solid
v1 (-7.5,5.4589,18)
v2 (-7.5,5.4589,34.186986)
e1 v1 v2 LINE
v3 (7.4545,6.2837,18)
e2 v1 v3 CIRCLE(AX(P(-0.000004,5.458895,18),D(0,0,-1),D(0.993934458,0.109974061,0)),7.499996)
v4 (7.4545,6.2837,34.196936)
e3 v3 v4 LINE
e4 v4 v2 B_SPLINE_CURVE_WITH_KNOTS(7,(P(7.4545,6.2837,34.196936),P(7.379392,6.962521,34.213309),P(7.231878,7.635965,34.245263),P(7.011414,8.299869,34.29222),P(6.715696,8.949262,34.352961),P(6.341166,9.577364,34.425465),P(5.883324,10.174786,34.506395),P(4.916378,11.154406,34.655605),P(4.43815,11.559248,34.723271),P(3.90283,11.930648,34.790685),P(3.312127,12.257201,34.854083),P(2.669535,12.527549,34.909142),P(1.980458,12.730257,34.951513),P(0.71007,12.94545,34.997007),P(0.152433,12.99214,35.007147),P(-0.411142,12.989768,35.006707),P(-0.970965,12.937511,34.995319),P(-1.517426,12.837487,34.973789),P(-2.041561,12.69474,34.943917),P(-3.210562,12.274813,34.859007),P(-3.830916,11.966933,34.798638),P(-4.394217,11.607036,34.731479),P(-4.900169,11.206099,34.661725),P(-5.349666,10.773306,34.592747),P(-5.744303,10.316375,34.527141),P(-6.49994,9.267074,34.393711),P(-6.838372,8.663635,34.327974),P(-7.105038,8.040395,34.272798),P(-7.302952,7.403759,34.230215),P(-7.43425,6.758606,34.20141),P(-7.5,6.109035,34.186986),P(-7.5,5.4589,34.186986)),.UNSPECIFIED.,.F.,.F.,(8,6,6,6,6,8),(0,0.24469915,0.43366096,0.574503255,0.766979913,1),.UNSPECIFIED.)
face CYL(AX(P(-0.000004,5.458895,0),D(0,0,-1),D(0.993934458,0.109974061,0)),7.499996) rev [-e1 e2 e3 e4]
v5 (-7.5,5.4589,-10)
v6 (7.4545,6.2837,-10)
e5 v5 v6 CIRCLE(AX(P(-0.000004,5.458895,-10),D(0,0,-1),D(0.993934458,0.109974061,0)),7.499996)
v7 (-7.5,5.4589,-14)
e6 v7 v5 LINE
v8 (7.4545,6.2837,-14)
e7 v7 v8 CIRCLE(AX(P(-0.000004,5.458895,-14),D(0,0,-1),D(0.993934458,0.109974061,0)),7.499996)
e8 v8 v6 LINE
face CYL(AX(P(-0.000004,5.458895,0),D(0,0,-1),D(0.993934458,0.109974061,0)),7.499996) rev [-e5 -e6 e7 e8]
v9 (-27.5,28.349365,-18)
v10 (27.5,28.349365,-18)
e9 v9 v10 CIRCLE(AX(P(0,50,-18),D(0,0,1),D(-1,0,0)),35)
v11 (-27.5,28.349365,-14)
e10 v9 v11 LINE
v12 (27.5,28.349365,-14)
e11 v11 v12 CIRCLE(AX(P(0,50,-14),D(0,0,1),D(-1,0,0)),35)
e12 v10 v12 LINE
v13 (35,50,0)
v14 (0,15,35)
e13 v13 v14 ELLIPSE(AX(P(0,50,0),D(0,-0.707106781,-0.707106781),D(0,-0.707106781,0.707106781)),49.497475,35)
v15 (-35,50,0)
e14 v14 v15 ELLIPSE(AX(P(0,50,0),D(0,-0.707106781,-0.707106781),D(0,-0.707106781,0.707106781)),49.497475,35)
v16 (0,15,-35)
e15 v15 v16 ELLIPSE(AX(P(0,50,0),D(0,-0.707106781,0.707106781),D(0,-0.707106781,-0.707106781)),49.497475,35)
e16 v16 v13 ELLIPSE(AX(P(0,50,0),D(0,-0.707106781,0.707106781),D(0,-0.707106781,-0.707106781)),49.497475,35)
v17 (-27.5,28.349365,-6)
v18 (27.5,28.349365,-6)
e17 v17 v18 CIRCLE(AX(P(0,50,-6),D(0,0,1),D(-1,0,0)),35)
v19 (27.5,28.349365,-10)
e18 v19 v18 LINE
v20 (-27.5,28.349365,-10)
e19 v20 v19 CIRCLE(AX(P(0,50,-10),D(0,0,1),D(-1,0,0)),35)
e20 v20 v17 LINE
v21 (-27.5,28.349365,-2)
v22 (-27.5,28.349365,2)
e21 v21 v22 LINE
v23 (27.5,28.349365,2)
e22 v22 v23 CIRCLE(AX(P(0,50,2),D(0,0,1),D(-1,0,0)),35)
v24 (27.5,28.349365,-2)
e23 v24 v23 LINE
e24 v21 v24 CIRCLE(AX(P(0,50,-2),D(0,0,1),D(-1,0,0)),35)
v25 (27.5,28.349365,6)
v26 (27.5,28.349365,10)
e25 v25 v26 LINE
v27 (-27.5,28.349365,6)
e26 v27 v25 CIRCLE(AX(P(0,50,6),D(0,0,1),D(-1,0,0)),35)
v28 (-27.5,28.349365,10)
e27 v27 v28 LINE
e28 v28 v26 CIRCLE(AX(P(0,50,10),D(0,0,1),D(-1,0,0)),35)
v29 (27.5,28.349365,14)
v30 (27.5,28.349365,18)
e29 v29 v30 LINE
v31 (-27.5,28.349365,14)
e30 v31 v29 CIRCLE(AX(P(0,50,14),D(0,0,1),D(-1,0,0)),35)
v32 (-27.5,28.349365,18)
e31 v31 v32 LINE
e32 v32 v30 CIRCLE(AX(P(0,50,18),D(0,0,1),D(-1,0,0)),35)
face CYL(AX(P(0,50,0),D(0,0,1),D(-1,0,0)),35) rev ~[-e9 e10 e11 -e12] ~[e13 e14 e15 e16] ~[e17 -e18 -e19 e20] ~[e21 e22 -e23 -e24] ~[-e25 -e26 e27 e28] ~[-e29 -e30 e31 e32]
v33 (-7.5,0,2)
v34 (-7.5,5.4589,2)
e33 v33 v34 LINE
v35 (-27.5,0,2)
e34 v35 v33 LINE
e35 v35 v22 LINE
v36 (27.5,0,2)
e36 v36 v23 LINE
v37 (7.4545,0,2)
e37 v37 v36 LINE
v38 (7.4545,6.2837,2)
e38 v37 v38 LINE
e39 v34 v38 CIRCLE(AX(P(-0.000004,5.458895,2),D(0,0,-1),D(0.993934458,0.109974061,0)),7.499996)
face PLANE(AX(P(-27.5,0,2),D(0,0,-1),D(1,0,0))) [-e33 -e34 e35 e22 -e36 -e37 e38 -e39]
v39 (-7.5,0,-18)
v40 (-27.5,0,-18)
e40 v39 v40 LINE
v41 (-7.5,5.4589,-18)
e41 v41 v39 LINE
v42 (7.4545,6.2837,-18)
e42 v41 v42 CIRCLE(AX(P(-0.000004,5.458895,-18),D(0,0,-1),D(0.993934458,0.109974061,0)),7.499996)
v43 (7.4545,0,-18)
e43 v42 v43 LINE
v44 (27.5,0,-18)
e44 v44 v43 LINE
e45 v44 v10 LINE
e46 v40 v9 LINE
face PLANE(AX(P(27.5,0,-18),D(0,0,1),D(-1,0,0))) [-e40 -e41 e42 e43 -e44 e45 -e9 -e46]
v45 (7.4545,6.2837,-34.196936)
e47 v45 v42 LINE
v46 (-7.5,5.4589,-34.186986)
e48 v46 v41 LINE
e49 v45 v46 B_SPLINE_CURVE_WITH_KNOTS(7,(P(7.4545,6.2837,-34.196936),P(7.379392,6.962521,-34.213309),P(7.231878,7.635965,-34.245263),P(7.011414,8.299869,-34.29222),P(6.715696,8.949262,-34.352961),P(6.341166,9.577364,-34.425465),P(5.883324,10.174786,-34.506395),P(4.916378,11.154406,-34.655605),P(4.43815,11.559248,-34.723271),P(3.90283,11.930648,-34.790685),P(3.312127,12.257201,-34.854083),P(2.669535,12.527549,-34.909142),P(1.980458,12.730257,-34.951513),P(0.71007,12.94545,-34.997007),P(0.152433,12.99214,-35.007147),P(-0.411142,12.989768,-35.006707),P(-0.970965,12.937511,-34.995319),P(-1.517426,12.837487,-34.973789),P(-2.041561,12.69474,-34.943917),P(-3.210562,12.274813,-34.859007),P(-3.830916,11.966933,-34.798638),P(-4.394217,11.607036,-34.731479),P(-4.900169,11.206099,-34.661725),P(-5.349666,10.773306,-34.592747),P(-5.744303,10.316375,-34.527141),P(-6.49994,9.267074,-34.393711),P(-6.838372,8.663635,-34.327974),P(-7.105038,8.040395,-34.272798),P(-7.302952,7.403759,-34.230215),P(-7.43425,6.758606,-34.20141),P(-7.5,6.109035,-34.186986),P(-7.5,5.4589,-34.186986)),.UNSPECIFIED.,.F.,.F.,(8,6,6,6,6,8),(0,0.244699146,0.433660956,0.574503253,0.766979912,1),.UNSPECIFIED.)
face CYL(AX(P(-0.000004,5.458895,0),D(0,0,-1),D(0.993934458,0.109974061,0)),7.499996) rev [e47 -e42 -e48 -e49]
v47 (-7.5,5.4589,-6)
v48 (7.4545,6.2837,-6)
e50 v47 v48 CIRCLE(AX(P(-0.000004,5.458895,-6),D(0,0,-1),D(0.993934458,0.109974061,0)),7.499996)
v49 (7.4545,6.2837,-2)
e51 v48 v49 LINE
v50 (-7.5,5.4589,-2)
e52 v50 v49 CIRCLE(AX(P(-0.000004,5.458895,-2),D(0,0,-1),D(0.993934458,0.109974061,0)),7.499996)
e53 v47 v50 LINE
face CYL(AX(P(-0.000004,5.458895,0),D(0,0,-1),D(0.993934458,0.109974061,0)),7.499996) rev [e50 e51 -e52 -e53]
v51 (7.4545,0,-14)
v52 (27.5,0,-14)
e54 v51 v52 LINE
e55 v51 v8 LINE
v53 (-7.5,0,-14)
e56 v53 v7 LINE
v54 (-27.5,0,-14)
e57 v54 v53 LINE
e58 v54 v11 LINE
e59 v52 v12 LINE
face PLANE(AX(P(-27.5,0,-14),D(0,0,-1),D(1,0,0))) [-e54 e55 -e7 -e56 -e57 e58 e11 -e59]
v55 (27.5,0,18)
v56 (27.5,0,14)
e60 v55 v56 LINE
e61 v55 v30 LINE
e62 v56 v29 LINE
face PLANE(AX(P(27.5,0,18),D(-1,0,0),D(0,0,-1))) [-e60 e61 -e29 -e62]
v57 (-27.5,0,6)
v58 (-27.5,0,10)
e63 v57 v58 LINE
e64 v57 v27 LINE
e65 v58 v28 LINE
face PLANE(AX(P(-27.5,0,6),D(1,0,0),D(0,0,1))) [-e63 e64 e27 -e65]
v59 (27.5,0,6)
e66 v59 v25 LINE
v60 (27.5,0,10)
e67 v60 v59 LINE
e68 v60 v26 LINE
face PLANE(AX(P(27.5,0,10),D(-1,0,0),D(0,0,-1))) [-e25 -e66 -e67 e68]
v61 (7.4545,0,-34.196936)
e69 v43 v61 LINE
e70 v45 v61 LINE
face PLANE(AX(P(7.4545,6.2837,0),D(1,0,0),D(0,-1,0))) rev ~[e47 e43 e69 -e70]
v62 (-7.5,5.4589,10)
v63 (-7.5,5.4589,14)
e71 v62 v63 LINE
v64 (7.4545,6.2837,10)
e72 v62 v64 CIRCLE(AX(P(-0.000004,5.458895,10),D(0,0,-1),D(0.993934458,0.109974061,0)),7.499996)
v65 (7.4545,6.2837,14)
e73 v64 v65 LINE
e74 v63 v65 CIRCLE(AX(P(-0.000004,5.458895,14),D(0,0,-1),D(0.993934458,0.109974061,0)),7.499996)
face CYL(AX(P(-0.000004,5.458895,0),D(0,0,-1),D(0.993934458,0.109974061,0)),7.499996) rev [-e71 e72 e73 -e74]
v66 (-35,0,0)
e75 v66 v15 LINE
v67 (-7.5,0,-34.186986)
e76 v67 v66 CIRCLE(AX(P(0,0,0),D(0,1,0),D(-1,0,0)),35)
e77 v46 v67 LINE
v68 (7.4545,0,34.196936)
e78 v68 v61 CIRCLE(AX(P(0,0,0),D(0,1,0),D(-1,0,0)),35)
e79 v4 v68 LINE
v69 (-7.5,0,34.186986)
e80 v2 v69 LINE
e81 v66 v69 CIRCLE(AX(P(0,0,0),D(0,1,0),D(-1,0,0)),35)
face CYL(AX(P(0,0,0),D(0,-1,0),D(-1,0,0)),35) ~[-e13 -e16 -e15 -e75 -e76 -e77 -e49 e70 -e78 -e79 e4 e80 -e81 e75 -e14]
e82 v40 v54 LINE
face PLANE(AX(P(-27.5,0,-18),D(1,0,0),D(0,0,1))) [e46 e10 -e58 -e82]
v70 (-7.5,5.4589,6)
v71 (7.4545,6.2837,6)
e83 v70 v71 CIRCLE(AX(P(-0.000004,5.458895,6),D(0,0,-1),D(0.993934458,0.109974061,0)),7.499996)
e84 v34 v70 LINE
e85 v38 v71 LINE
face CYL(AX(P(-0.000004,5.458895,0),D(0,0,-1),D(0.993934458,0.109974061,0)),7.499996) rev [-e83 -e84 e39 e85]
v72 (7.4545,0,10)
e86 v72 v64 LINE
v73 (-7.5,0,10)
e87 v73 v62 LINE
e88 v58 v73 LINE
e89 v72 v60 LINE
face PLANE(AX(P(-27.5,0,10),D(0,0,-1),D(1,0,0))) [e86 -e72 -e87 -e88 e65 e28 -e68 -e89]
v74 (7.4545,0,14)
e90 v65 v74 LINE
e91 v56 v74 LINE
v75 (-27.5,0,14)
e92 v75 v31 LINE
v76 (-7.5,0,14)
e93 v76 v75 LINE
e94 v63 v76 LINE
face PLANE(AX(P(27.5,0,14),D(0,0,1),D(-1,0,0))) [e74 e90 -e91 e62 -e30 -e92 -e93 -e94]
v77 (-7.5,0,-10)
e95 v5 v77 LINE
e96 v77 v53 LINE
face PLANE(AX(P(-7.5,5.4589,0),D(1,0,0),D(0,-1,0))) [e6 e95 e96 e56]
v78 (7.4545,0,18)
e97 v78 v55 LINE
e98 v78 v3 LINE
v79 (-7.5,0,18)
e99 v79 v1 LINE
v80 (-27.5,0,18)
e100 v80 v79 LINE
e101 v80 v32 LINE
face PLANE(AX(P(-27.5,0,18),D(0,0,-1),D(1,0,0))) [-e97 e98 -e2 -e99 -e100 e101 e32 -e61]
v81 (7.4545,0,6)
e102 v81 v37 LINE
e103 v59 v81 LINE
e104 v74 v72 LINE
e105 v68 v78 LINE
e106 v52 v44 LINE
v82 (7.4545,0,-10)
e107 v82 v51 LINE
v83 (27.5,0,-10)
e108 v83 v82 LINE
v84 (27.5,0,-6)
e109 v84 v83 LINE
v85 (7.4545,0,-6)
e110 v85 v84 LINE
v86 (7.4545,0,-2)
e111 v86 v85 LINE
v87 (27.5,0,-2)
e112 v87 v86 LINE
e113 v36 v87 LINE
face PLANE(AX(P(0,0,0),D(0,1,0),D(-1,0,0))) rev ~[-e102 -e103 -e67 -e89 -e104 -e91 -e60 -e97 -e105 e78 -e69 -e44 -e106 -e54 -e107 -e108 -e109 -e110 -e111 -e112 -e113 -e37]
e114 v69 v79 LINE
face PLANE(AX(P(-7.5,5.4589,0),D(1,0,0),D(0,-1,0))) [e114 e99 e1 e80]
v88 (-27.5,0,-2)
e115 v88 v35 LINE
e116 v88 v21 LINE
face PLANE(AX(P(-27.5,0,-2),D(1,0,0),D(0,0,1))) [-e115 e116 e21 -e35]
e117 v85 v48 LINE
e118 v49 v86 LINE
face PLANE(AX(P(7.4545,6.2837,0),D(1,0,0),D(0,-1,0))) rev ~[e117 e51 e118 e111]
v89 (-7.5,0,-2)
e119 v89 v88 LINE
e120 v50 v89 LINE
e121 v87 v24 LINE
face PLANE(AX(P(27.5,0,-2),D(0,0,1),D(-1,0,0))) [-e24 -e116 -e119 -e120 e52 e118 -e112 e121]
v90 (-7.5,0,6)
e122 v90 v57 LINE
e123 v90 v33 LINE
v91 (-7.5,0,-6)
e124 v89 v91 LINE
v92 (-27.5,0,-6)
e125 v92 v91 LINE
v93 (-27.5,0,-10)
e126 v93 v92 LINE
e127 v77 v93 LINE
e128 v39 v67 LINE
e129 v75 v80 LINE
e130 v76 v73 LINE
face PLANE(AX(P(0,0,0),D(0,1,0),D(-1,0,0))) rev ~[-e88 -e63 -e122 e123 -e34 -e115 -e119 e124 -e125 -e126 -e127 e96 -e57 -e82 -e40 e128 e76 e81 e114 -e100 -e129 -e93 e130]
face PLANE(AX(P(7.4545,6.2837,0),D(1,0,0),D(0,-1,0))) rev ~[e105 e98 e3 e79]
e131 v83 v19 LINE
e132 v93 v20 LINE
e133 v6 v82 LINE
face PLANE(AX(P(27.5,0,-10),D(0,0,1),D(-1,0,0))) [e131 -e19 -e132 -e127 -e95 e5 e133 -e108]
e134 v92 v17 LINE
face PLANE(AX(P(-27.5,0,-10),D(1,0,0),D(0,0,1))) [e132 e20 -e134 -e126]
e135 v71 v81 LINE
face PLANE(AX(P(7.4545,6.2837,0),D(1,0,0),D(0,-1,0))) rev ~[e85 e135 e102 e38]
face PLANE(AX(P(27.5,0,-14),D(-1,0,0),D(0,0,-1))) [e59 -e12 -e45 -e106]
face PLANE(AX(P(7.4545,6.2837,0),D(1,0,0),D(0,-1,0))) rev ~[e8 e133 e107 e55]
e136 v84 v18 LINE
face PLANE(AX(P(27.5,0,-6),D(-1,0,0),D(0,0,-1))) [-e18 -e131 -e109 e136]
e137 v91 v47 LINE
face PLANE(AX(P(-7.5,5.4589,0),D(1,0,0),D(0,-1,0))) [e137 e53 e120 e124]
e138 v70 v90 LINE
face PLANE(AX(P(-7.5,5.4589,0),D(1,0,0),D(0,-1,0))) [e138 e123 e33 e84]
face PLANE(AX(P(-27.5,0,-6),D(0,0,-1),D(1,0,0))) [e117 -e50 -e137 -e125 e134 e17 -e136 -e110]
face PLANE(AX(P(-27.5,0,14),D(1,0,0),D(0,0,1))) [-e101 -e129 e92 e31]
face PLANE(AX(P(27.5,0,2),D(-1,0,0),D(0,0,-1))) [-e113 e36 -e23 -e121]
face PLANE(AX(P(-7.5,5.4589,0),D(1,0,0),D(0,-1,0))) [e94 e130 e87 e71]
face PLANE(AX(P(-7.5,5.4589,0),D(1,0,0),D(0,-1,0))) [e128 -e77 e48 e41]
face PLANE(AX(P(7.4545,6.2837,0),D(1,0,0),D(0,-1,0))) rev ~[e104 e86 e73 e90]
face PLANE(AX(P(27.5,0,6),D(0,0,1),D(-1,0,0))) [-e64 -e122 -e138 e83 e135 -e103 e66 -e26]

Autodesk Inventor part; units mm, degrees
ref_plane "YZ Plane" through (0, 0, 0) normal (1, 0, 0) x (0, 1, 0)
sketch "Sketch1" plane through (0, 0, 0) normal (0, 1, 0) x (-1, 0, 0)
  circle A0 centre (0, 0) radius 35
  dimension "d0" = 70
extrude "Extrusion1" add sketch "Sketch1" along normal blind 50
sketch "Sketch2" plane through (0, 0, 0) normal (1, 0, 0) x (0, 1, 0)
  point P0 (0, 0)
sketch "Sketch3" plane through (0, 0, 0) normal (0, 0, 1) x (1, 0, 0)
  line L0 (35, 50) -> (-35, 50) projected
  arc A0 (-35, 50) -> (35, 50) centre (0, 50) ccw
  point P0 (0, 0)
  dimension "d3" = 35
extrude "Extrusion2" cut sketch "Sketch3" against normal blind 50 and the other way blind 50
sketch "Sketch4" plane through (0, 0, 0) normal (0, 0, 1) x (1, 0, 0)
  arc A0 (7.4545, 6.2837) -> (-7.5, 5.4589) centre (0, 5.4589) ccw
  line L0 (7.4545, 6.2837) -> (7.4545, 0)
  line L1 (-35, 0) -> (35, 0) projected
  line L2 (-7.5, 5.4589) -> (-7.5, 0)
  line L3 (-7.5, 0) -> (7.4545, 0)
  line L4 (7.4545, 0) -> (3.6133, 0)
  line L5 (3.6133, 0) -> (-3.6133, 0)
  line L6 (-3.6133, 0) -> (-7.5, 0)
  point P0 (0, 0)
  dimension "d8" = 15
extrude "Extrusion3" cut sketch "Sketch4" along normal blind 50 and the other way blind 50
sketch "Sketch5" plane through (0, 0, 0) normal (0, 1, 0) x (-1, 0, 0)
  point P0 (0, 0)
sketch "Sketch6" plane through (0, 0, 0) normal (0, 1, 0) x (-1, 0, 0)
  line L0 (-27.5, -2) -> (27.5, -2)
  line L1 (27.5, -2) -> (27.5, 2)
  line L2 (27.5, 2) -> (-27.5, 2)
  line L3 (-27.5, 2) -> (-27.5, -2)
  line L4 (-27.5, -2) -> (27.5, 2) construction
  line L5 (27.5, -2) -> (-27.5, 2) construction
  line L6 (27.5, -6) -> (-27.5, -6)
  line L7 (-27.5, -6) -> (-27.5, -10)
  line L8 (-27.5, -10) -> (27.5, -10)
  line L9 (27.5, -10) -> (27.5, -6)
  line L10 (27.5, -14) -> (-27.5, -14)
  line L11 (-27.5, -14) -> (-27.5, -18)
  line L12 (-27.5, -18) -> (27.5, -18)
  line L13 (27.5, -18) -> (27.5, -14)
  line L14 (27.5, 10) -> (-27.5, 10)
  line L15 (-27.5, 10) -> (-27.5, 6)
  line L16 (-27.5, 6) -> (27.5, 6)
  line L17 (27.5, 6) -> (27.5, 10)
  line L18 (27.5, 2) -> (-27.5, 2)
  line L19 (-27.5, 2) -> (-27.5, -2)
  line L20 (-27.5, -2) -> (27.5, -2)
  line L21 (27.5, -2) -> (27.5, 2)
  line L22 (27.5, -6) -> (-27.5, -6)
  line L23 (-27.5, -6) -> (-27.5, -10)
  line L24 (-27.5, -10) -> (27.5, -10)
  line L25 (27.5, -10) -> (27.5, -6)
  line L26 (27.5, 18) -> (-27.5, 18)
  line L27 (-27.5, 18) -> (-27.5, 14)
  line L28 (-27.5, 14) -> (27.5, 14)
  line L29 (27.5, 14) -> (27.5, 18)
  line L30 (27.5, 10) -> (-27.5, 10)
  line L31 (-27.5, 10) -> (-27.5, 6)
  line L32 (-27.5, 6) -> (27.5, 6)
  line L33 (27.5, 6) -> (27.5, 10)
  line L34 (27.5, 2) -> (-27.5, 2)
  line L35 (-27.5, 2) -> (-27.5, -2)
  line L36 (-27.5, -2) -> (27.5, -2)
  line L37 (27.5, -2) -> (27.5, 2)
  point P0 (0, 0)
  dimension "d13" = 55
  dimension "d14" = 4
  dimension "d17" = 8
  dimension "d20" = 8
extrude "Extrusion4" cut sketch "Sketch6" along normal blind 50
properties part number "pipe_insert"
